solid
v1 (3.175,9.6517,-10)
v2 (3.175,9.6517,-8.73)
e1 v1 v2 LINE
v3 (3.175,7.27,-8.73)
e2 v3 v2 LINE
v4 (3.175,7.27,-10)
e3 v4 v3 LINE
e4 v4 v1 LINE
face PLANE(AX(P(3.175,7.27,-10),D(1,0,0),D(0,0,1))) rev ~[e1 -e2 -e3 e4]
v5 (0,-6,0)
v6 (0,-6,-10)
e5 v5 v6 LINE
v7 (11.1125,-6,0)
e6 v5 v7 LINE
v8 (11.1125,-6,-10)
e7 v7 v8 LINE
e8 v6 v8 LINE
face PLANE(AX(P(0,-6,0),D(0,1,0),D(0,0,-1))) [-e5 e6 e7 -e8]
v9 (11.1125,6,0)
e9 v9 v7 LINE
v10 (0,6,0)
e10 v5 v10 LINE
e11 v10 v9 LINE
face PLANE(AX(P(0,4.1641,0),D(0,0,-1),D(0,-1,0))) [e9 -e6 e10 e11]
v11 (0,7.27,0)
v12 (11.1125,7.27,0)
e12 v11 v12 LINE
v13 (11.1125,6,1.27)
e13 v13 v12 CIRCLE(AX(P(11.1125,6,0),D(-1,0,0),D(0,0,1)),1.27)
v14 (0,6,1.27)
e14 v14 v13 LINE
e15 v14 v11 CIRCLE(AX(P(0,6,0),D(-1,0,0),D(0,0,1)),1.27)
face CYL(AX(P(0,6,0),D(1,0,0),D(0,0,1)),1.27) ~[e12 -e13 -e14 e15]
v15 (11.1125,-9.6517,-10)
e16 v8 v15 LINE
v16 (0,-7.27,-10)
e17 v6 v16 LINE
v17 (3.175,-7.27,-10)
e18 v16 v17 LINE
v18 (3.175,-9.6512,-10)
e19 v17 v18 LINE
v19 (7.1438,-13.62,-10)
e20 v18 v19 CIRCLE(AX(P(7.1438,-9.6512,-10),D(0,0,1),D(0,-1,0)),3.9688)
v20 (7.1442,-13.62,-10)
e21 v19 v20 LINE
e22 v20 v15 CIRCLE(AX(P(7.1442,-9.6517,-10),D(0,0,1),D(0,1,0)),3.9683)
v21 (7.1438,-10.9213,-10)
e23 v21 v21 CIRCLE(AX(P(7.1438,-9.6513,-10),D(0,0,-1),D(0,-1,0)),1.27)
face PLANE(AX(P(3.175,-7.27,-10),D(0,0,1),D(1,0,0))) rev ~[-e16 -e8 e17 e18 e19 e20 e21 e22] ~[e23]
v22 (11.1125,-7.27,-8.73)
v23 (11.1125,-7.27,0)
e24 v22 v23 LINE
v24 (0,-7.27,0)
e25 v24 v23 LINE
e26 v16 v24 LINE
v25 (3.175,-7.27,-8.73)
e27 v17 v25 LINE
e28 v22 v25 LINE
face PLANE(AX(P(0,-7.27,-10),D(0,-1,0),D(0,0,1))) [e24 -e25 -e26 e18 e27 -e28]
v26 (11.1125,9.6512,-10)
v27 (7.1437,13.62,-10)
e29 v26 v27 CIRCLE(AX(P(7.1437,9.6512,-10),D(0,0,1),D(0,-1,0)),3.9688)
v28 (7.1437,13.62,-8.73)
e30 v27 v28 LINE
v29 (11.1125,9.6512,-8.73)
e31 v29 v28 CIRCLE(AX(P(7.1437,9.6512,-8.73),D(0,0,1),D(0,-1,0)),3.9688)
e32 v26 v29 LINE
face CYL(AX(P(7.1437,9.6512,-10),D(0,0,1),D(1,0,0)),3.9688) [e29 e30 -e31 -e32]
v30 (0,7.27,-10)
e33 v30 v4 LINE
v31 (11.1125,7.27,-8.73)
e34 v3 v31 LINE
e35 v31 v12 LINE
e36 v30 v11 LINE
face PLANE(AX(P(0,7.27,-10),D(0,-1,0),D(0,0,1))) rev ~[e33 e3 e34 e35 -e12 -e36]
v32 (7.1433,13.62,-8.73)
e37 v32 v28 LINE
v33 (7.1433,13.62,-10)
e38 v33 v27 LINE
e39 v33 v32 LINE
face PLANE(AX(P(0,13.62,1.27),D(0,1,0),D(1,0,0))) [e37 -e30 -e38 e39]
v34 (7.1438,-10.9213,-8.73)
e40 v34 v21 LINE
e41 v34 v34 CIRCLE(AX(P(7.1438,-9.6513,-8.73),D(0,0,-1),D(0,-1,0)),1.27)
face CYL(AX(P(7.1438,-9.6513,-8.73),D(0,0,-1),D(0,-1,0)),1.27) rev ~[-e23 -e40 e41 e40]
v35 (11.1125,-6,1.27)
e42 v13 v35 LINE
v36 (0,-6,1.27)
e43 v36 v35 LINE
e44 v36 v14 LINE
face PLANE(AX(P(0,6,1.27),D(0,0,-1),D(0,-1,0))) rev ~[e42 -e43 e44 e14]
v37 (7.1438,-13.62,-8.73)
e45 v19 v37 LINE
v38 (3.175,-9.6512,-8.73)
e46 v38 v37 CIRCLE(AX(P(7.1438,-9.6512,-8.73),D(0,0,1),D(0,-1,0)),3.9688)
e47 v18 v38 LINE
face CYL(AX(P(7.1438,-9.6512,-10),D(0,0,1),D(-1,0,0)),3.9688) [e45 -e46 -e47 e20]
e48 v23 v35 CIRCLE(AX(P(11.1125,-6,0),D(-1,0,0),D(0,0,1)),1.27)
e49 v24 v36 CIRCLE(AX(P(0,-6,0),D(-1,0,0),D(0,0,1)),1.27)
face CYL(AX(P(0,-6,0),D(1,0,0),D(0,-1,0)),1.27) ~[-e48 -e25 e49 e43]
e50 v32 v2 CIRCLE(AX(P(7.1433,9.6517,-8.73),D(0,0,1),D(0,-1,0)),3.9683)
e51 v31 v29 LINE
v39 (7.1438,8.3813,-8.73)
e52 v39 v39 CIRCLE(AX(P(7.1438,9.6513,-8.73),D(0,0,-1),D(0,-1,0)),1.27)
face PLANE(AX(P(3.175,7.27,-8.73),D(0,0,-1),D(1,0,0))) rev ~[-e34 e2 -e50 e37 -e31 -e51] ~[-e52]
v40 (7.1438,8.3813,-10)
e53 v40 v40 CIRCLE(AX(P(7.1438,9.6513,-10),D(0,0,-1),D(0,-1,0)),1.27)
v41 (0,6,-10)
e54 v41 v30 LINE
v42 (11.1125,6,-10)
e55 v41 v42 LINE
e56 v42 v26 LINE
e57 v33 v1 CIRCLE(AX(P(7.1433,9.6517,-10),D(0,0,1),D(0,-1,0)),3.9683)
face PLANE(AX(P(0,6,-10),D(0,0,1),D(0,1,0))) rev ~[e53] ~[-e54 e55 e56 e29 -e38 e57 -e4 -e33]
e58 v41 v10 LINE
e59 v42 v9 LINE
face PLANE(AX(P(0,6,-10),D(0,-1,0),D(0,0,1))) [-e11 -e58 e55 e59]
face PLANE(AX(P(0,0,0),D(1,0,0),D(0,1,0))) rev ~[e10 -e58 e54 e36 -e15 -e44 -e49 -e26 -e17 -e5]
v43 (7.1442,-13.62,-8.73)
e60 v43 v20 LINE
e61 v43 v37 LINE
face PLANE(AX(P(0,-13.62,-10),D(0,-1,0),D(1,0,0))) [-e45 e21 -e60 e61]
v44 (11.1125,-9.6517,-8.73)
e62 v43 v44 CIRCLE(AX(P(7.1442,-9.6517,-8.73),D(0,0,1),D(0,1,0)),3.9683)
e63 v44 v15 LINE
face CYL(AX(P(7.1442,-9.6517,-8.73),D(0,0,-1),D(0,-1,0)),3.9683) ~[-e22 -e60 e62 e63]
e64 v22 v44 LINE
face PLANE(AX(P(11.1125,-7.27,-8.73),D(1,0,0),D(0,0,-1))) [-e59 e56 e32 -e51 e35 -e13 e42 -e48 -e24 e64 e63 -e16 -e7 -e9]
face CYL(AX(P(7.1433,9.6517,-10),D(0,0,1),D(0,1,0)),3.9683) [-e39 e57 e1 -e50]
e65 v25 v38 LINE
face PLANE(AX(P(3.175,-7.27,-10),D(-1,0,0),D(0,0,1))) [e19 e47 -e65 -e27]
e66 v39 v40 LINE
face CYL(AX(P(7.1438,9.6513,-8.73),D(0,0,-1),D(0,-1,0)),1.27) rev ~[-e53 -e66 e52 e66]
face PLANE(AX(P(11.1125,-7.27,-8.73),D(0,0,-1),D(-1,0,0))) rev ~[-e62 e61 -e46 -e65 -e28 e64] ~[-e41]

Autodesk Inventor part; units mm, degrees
ref_plane "YZ Plane" through (0, 0, 0) normal (1, 0, 0) x (0, 1, 0)
ref_plane "XZ Plane" through (0, 0, 0) normal (0, 1, 0) x (-1, 0, 0)
ref_plane "XY Plane" through (0, 0, 0) normal (0, 0, 1) x (1, 0, 0)
sketch "Sketch1" plane through (0, 0, 0) normal (1, 0, 0) x (0, 1, 0)
  arc A0 (4.3225, -9.9221) -> (5.9696, -5.6989) centre (-2.06, -5) ccw projected
  arc A1 (5.9244, -3.8989) -> (4.3225, -0.0779) centre (-2.06, -5) ccw projected
  arc A2 (-5.9696, -5.6989) -> (-4.3225, -9.9221) centre (2.06, -5) ccw projected
  arc A3 (-4.3225, -0.0779) -> (-5.9244, -3.8989) centre (2.06, -5) ccw projected
  line L0 (4.1641, 0) -> (-4.1641, 0) projected
  line L1 (-4.1641, -10) -> (4.1641, -10) projected
  line L2 (6, -10) -> (6, 0)
  line L3 (6, 0) -> (-6, 0)
  line L4 (-6, 0) -> (-6, -10)
  line L5 (-6, -10) -> (-7.27, -10)
  line L6 (-7.27, -10) -> (-7.27, 1.27)
  line L7 (6, -10) -> (7.27, -10)
  line L8 (6, 0) -> (6, 1.27) construction
  line L9 (6, 1.27) -> (-7.27, 1.27)
  line L10 (7.27, -10) -> (7.27, 1.27)
  line L11 (7.27, 1.27) -> (6, 1.27)
  point P0 (0, 0)
  dimension "d0" = 1.27
  dimension "d1" = 1.27
  dimension "d2" = 1.27
extrude "Extrusion1" add sketch "Sketch1" along normal blind 11.1125
sketch "Sketch2" plane through (0, 7.27, 1.27) normal (0, 1, 0) x (1, 0, 0)
  line L0 (11.1125, 11.27) -> (11.1125, 0) projected
  line L1 (0, 11.27) -> (11.1125, 11.27) projected
  line L2 (0, 0) -> (0, 11.27) projected
  line L3 (11.1125, 11.27) -> (3.175, 11.27)
  line L4 (0, 11.27) -> (11.1125, 11.27) projected
  line L5 (3.175, 11.27) -> (3.175, 10)
  line L6 (3.175, 10) -> (11.1125, 10)
  point P0 (0, 1.27)
  dimension "d5" = 7.9375
  dimension "d6" = 1.27
extrude "Extrusion2" add sketch "Sketch2" along normal blind 6.35
fillet "Fillet1" radius 3.9688 1 edges at (11.1125, 13.62, -9.365)
fillet "Fillet2" radius 3.9688 1 edges at (3.175, 13.62, -9.365)
sketch "Sketch3" plane through (3.175, 7.27, -8.73) normal (0, 0, 1) x (1, 0, 0)
  arc A0 (7.9375, 2.3812) -> (0, 2.3813) centre (3.9688, 2.3812) ccw projected
  line L0 (0, 0) -> (0, 2.3813) projected
  line L1 (7.9375, 0) -> (0, 0) projected
  line L2 (7.9375, 0) -> (7.9375, 2.3812) projected
  circle A1 centre (3.9688, 2.3812) radius 1.27
  point P0 (-3.175, -7.27)
  dimension "d11" = 2.54
hole "Hole1" at (7.1438, 9.6513, -8.73) direction (0, 0, -1) diameter 2.54 end through all
sketch "Sketch4" plane through (0, -7.27, -10) normal (0, -1, 0) x (1, 0, 0)
  line L0 (0, 0) -> (0, 11.27) projected
  line L1 (0, 0) -> (11.1125, 0) projected
  line L2 (11.1125, 11.27) -> (11.1125, 0) projected
  line L3 (0, 11.27) -> (11.1125, 11.27) projected
  line L4 (0, 0) -> (11.1125, 0) projected
  line L5 (11.1125, 0) -> (3.175, 0)
  line L6 (11.1125, 1.27) -> (3.175, 1.27) projected
  line L7 (3.175, 0) -> (3.175, 1.27)
  line L8 (3.175, 1.27) -> (11.1125, 1.27)
  line L9 (11.1125, 1.27) -> (11.1125, 0) projected
  line L10 (11.1125, 1.27) -> (11.1125, 0)
  point P0 (0, 10)
  dimension "d19" = 7.9375
  dimension "d20" = 1.27
extrude "Extrusion3" add sketch "Sketch4" along normal blind 6.35 contours L7 L6 L2 L1
fillet "Fillet3" radius 3.9688 1 edges at (3.175, -13.62, -9.365)
fillet "Fillet4" radius 3.9688 1 edges at (11.1125, -13.62, -9.365)
sketch "Sketch5" plane through (3.175, -7.27, -8.73) normal (0, 0, 1) x (1, 0, 0)
  arc A0 (0, -2.3813) -> (7.9375, -2.3813) centre (3.9688, -2.3813) ccw projected
  line L0 (7.9375, 0) -> (7.9375, -2.3813) projected
  line L1 (0, 0) -> (7.9375, 0) projected
  line L2 (0, 0) -> (0, -2.3813) projected
  circle A1 centre (3.9688, -2.3813) radius 1.27
  point P0 (-3.175, 7.27)
  dimension "d25" = 2.54
hole "Hole2" at (7.1438, -9.6513, -8.73) direction (0, 0, -1) diameter 2.54 end through all
fillet "Fillet5" radius 1.27 1 edges at (5.5563, -7.27, 1.27)
fillet "Fillet6" radius 1.27 1 edges at (5.5563, 7.27, 1.27)
properties part number "Mount" material "PAEK Plastic"
